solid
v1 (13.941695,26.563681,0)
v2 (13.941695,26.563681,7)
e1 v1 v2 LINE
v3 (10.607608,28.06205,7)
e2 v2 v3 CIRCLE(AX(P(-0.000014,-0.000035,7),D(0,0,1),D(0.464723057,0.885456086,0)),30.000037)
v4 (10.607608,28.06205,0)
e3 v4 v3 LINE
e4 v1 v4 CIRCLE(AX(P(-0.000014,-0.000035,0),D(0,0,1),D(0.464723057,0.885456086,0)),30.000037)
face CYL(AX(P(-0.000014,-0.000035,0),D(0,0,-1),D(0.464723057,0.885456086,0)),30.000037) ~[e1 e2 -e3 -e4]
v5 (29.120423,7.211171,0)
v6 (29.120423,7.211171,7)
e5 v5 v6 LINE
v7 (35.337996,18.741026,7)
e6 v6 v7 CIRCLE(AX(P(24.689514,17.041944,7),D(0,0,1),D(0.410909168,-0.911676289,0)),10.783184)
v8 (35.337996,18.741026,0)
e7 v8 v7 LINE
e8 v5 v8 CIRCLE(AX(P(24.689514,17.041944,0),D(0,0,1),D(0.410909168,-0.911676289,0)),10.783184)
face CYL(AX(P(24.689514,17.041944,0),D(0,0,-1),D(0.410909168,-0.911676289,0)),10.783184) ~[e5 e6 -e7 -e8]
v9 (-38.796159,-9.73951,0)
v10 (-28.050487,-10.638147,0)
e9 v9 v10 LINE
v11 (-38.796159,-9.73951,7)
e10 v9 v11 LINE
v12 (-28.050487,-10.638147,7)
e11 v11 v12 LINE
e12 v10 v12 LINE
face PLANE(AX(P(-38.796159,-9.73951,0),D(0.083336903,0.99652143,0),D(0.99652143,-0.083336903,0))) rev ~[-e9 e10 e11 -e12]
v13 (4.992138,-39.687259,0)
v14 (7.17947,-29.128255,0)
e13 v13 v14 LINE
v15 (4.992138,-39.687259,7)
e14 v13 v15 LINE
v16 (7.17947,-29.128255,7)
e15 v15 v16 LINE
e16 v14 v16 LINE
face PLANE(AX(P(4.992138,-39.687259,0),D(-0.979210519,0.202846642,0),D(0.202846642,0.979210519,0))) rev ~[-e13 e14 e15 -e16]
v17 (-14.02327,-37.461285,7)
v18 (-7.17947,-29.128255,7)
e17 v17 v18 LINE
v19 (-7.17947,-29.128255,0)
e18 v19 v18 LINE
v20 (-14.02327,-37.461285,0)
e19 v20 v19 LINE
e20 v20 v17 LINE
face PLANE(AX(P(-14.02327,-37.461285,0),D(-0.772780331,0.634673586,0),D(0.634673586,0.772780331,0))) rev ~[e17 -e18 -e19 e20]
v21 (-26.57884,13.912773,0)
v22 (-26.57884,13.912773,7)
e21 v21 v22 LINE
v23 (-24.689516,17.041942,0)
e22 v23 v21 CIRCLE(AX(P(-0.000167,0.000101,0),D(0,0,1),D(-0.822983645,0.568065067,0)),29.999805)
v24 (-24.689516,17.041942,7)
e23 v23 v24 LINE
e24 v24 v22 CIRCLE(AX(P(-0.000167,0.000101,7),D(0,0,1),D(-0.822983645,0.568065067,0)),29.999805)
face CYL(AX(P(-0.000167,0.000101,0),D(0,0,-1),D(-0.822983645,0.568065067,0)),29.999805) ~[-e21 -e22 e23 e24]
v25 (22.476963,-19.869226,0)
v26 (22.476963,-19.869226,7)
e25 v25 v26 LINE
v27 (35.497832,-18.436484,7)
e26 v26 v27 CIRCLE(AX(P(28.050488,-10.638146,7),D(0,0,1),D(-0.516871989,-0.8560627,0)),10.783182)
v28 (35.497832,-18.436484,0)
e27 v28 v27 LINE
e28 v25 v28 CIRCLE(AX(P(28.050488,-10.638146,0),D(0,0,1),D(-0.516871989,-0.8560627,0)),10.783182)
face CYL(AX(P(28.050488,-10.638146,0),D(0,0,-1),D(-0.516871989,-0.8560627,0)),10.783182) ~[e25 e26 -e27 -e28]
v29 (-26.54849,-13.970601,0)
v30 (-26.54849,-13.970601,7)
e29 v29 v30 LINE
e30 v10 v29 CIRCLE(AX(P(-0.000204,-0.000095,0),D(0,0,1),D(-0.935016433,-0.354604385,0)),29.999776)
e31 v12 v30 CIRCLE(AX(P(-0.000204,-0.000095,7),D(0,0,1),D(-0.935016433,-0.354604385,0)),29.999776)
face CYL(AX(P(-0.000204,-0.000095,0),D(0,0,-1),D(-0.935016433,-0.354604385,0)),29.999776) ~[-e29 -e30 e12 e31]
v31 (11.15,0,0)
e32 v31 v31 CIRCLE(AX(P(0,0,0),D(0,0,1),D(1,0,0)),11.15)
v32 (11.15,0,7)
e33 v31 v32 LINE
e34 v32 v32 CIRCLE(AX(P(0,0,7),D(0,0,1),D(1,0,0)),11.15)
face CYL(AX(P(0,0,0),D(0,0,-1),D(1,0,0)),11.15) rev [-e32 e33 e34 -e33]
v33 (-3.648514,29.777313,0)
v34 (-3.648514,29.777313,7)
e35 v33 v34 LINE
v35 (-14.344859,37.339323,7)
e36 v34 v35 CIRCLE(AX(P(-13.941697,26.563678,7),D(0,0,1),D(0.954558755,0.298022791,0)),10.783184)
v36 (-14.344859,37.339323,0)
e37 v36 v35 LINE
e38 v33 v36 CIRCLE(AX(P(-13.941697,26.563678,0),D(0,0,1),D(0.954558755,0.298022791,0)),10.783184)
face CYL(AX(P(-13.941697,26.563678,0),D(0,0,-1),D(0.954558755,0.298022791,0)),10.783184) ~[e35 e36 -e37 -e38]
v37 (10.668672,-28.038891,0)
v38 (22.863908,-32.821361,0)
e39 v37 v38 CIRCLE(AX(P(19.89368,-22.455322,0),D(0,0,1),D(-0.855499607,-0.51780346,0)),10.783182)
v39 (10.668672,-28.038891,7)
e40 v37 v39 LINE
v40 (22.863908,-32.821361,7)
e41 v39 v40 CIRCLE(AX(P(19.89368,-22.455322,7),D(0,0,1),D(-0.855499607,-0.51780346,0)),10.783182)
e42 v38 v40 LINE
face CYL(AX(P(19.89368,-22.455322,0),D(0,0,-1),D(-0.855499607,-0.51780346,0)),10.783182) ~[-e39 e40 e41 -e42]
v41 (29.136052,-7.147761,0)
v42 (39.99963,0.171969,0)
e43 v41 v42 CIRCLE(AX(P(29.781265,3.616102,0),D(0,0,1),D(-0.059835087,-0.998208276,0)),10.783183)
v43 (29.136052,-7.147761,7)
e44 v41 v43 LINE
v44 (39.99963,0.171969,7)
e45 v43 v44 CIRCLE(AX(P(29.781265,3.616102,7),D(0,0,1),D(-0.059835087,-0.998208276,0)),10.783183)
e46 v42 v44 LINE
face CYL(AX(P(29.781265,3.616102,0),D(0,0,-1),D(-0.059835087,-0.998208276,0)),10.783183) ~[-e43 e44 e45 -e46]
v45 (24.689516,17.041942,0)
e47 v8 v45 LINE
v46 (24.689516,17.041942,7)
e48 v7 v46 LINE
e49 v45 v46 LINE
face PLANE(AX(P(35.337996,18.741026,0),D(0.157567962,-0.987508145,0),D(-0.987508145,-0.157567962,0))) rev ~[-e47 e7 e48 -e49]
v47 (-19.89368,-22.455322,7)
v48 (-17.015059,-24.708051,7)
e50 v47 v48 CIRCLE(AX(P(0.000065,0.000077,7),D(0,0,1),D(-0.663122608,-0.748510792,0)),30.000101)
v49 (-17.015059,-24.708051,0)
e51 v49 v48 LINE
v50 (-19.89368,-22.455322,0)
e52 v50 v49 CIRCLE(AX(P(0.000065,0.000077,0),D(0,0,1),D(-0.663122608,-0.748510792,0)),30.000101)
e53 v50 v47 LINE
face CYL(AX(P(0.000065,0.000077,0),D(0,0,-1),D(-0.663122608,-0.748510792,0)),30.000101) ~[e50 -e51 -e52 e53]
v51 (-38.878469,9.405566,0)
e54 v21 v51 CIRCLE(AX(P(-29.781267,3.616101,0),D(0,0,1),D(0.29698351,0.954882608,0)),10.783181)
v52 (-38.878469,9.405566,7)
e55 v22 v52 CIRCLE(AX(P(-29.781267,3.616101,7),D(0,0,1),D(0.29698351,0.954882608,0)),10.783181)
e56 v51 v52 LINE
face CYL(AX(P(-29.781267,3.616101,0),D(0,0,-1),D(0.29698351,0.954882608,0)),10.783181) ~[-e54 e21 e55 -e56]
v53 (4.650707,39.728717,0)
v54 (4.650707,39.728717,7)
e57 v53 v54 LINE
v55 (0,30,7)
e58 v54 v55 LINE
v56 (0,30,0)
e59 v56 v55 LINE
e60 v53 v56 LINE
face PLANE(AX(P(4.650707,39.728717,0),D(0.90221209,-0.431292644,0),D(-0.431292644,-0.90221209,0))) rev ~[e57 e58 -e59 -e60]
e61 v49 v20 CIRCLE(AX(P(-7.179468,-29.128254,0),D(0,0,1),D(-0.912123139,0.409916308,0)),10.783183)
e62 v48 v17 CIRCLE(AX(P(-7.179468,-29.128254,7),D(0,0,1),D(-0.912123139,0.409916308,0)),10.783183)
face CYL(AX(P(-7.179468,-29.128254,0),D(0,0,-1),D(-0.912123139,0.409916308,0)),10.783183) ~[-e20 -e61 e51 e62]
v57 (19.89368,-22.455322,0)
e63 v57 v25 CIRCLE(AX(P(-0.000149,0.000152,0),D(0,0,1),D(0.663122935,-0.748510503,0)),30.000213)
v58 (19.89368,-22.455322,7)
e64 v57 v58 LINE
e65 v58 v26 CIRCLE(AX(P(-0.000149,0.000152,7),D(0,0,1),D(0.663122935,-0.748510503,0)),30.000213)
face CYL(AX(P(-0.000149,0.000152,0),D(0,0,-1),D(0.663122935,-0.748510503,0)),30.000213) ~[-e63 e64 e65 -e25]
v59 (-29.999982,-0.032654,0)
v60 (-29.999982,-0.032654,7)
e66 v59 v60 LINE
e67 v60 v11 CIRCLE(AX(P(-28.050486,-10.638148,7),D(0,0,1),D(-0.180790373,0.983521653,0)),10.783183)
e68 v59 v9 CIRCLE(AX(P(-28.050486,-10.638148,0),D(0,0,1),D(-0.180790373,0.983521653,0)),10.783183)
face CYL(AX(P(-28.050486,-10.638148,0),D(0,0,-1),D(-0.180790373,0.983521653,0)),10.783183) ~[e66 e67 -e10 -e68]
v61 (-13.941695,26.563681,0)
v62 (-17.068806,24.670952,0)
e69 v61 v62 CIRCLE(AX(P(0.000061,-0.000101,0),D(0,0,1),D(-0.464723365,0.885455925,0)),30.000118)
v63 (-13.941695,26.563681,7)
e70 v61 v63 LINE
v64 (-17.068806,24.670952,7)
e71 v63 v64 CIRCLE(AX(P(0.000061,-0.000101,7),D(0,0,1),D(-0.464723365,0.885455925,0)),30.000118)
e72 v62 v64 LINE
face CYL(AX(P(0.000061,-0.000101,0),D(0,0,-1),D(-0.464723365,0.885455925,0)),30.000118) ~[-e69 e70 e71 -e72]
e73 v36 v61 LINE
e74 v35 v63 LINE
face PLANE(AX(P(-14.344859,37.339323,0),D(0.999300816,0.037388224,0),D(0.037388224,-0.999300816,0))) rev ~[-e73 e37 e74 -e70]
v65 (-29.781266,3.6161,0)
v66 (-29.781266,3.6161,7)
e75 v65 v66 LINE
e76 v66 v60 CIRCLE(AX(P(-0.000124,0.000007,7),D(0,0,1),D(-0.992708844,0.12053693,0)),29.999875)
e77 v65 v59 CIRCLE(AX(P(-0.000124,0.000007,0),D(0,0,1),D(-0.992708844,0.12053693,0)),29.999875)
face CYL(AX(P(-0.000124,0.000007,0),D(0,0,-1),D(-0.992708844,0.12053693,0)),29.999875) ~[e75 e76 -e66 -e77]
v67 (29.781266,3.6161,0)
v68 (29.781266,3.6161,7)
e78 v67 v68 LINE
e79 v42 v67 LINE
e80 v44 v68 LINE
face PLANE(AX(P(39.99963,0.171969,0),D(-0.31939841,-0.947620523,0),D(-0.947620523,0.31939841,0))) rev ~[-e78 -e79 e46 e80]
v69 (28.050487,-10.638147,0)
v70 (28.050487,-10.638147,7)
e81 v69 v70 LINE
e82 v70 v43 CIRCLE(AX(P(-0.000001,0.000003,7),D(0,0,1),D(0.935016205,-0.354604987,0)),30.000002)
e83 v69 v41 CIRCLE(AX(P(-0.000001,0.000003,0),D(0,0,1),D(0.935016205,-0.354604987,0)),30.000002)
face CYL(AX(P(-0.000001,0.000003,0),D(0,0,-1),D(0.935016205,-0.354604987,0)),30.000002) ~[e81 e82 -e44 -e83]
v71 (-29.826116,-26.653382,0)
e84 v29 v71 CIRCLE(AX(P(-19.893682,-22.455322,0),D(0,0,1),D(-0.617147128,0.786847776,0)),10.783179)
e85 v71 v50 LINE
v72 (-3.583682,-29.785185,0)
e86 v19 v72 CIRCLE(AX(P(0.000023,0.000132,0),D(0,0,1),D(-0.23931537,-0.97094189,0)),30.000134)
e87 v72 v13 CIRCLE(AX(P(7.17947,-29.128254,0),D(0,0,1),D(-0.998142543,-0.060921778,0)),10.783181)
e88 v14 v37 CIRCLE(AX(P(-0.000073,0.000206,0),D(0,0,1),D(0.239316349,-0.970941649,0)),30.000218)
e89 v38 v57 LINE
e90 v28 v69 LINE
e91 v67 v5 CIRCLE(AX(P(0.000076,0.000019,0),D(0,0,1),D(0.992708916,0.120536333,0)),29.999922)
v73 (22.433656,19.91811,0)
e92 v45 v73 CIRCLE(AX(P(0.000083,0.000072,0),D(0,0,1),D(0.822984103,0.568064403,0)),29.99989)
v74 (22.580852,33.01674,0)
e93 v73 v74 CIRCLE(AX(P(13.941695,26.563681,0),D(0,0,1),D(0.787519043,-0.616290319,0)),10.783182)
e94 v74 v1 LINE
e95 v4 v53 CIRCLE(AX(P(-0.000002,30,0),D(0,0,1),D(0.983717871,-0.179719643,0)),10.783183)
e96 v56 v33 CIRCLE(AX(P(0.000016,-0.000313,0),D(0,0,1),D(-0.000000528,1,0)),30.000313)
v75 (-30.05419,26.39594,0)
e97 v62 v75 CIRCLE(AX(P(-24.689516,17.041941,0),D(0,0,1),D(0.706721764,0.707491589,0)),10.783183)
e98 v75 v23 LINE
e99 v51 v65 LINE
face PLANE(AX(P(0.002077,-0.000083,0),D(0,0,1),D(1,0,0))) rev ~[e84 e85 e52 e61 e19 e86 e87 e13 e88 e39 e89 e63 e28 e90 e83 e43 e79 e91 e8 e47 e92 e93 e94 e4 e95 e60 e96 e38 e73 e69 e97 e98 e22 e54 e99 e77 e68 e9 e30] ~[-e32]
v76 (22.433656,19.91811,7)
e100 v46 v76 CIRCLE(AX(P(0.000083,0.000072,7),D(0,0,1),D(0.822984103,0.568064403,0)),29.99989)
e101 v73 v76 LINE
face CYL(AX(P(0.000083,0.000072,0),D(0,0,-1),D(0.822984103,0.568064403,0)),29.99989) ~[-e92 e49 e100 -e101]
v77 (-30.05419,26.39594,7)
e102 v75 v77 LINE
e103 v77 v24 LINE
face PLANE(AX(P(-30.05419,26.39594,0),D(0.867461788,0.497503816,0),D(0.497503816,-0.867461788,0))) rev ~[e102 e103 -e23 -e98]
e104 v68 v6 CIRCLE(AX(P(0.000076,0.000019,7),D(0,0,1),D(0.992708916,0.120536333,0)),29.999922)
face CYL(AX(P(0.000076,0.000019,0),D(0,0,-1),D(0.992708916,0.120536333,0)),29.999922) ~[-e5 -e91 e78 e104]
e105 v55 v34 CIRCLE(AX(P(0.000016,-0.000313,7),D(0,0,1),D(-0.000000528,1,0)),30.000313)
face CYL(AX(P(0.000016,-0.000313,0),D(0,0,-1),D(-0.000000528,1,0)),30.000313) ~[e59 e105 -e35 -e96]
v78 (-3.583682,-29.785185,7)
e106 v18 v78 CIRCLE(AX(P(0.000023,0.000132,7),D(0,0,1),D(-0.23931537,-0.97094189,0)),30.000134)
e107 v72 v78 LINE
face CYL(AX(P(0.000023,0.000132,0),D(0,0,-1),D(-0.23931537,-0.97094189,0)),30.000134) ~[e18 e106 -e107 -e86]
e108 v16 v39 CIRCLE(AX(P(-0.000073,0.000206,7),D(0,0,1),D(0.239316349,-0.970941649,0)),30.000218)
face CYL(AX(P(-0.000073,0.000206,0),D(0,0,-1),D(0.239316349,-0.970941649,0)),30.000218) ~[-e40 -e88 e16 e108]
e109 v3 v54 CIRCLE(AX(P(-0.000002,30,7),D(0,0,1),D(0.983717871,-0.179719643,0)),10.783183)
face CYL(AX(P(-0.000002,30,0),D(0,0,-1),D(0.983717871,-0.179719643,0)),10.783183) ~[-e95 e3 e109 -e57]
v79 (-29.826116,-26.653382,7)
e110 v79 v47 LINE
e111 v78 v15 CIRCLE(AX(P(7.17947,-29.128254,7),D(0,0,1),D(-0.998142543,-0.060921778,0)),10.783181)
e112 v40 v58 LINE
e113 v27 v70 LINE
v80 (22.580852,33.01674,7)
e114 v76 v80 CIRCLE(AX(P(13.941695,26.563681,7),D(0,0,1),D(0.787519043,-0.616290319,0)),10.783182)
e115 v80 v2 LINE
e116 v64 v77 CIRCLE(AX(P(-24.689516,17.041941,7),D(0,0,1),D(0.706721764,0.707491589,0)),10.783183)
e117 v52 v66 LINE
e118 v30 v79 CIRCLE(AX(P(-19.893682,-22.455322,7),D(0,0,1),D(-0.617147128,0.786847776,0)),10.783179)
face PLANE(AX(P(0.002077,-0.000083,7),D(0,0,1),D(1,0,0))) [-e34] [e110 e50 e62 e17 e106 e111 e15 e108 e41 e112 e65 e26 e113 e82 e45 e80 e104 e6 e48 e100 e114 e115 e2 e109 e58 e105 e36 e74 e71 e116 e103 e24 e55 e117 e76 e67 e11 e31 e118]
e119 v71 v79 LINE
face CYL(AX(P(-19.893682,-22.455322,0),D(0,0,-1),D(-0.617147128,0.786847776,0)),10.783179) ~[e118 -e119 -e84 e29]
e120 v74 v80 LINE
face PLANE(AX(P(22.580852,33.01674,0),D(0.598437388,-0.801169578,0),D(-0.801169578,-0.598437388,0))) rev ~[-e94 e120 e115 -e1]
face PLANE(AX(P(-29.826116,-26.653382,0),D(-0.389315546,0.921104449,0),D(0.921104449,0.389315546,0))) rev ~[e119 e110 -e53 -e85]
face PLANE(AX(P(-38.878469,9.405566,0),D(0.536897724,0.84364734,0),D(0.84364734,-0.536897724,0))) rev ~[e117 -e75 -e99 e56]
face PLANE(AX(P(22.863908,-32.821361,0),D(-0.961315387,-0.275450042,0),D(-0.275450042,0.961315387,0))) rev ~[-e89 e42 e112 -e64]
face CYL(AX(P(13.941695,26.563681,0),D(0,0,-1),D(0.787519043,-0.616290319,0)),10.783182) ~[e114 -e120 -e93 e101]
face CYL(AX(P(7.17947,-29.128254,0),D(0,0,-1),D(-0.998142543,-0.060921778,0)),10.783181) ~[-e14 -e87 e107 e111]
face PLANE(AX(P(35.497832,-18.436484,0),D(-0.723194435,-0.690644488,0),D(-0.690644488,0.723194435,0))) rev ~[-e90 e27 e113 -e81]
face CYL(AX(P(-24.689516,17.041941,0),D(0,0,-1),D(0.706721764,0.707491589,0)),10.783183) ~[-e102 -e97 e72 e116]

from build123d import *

# Parameters (mm, degrees)
F0_R     = 11.15
F1_DEPTH = 7


with BuildPart() as f1:
    # F0 (on Top) → F1 (new body)
    with BuildSketch(Plane.XY):
        with BuildLine():
            ThreePointArc((29.136052, -7.147761), (29.78323, -3.599892), (30, 0))
            ThreePointArc((30, 0), (29.945267, 1.811355), (29.781266, 3.6161))
            ThreePointArc((29.781266, 3.6161), (29.50565, 5.42371), (29.120423, 7.211171))
            ThreePointArc((29.120423, 7.211171), (27.350291, 12.327271), (24.689516, 17.041942))
            ThreePointArc((24.689516, 17.041942), (23.605432, 18.514416), (22.433656, 19.91811))
            ThreePointArc((22.433656, 19.91811), (18.488711, 23.62557), (13.941695, 26.563681))
            ThreePointArc((13.941695, 26.563681), (12.297494, 27.363692), (10.607608, 28.06205))
            ThreePointArc((10.607608, 28.06205), (5.391591, 29.511536), (0, 30))
            ThreePointArc((0, 30), (-1.827652, 29.944276), (-3.648514, 29.777313))
            ThreePointArc((-3.648514, 29.777313), (-8.940678, 28.636764), (-13.941695, 26.563681))
            ThreePointArc((-13.941695, 26.563681), (-15.534104, 25.664988), (-17.068806, 24.670952))
            ThreePointArc((-17.068806, 24.670952), (-21.224745, 21.201655), (-24.689516, 17.041942))
            ThreePointArc((-24.689516, 17.041942), (-25.681881, 15.50616), (-26.57884, 13.912773))
            ThreePointArc((-26.57884, 13.912773), (-28.646479, 8.909503), (-29.781266, 3.6161))
            ThreePointArc((-29.781266, 3.6161), (-29.946248, 1.795057), (-29.999982, -0.032654))
            ThreePointArc((-29.999982, -0.032654), (-29.50565, -5.42371), (-28.050487, -10.638147))
            ThreePointArc((-28.050487, -10.638147), (-27.350291, -12.327271), (-26.54849, -13.970601))
            ThreePointArc((-26.54849, -13.970601), (-23.605432, -18.514416), (-19.89368, -22.455322))
            ThreePointArc((-19.89368, -22.455322), (-18.488711, -23.62557), (-17.015059, -24.708051))
            ThreePointArc((-17.015059, -24.708051), (-12.297494, -27.363692), (-7.17947, -29.128255))
            ThreePointArc((-7.17947, -29.128255), (-5.391591, -29.511536), (-3.583682, -29.785185))
            ThreePointArc((-3.583682, -29.785185), (1.827652, -29.944276), (7.17947, -29.128255))
            ThreePointArc((7.17947, -29.128255), (8.940678, -28.636764), (10.668672, -28.038891))
            ThreePointArc((10.668672, -28.038891), (15.534104, -25.664988), (19.89368, -22.455322))
            ThreePointArc((19.89368, -22.455322), (21.224745, -21.201655), (22.476963, -19.869226))
            ThreePointArc((22.476963, -19.869226), (25.681881, -15.50616), (28.050487, -10.638147))
            ThreePointArc((28.050487, -10.638147), (28.646479, -8.909503), (29.136052, -7.147761))
        make_face()
        Circle(F0_R, mode=Mode.SUBTRACT)
        with BuildLine():
            ThreePointArc((29.781266, 3.6161), (29.945267, 1.811355), (30, 0))
            ThreePointArc((30, 0), (29.78323, -3.599892), (29.136052, -7.147761))
            ThreePointArc((29.136052, -7.147761), (35.806705, -5.326555), (39.99963, 0.171969))
            Line((39.99963, 0.171969), (29.781266, 3.6161))
        make_face()
        with BuildLine():
            ThreePointArc((24.689516, 17.041942), (27.350291, 12.327271), (29.120423, 7.211171))
            ThreePointArc((29.120423, 7.211171), (34.180636, 11.923775), (35.337996, 18.741026))
            Line((35.337996, 18.741026), (24.689516, 17.041942))
        make_face()
        with BuildLine():
            Line((35.497832, -18.436484), (28.050487, -10.638147))
            ThreePointArc((28.050487, -10.638147), (25.681881, -15.50616), (22.476963, -19.869226))
            ThreePointArc((22.476963, -19.869226), (29.229889, -21.356636), (35.497832, -18.436484))
        make_face()
        with BuildLine():
            ThreePointArc((13.941695, 26.563681), (18.488711, 23.62557), (22.433656, 19.91811))
            ThreePointArc((22.433656, 19.91811), (24.724196, 26.442512), (22.580852, 33.01674))
            Line((22.580852, 33.01674), (13.941695, 26.563681))
        make_face()
        with BuildLine():
            Line((22.863908, -32.821361), (19.89368, -22.455322))
            ThreePointArc((19.89368, -22.455322), (15.534104, -25.664988), (10.668672, -28.038891))
            ThreePointArc((10.668672, -28.038891), (15.956858, -32.494169), (22.863908, -32.821361))
        make_face()
        with BuildLine():
            ThreePointArc((0, 30), (5.391591, 29.511536), (10.607608, 28.06205))
            ThreePointArc((10.607608, 28.06205), (9.60374, 34.903588), (4.650707, 39.728717))
            Line((4.650707, 39.728717), (0, 30))
        make_face()
        with BuildLine():
            Line((4.992138, -39.687259), (7.17947, -29.128255))
            ThreePointArc((7.17947, -29.128255), (1.827652, -29.944276), (-3.583682, -29.785185))
            ThreePointArc((-3.583682, -29.785185), (-0.971697, -36.187679), (4.992138, -39.687259))
        make_face()
        with BuildLine():
            ThreePointArc((-13.941695, 26.563681), (-8.940678, 28.636764), (-3.648514, 29.777313))
            ThreePointArc((-3.648514, 29.777313), (-7.716817, 35.368673), (-14.344859, 37.339323))
            Line((-14.344859, 37.339323), (-13.941695, 26.563681))
        make_face()
        with BuildLine():
            Line((-14.02327, -37.461285), (-7.17947, -29.128255))
            ThreePointArc((-7.17947, -29.128255), (-12.297494, -27.363692), (-17.015059, -24.708051))
            ThreePointArc((-17.015059, -24.708051), (-17.677648, -31.591028), (-14.02327, -37.461285))
        make_face()
        with BuildLine():
            ThreePointArc((-24.689516, 17.041942), (-21.224745, 21.201655), (-17.068806, 24.670952))
            ThreePointArc((-17.068806, 24.670952), (-23.269544, 27.731221), (-30.05419, 26.39594))
            Line((-30.05419, 26.39594), (-24.689516, 17.041942))
        make_face()
        with BuildLine():
            Line((-29.826116, -26.653382), (-19.89368, -22.455322))
            ThreePointArc((-19.89368, -22.455322), (-23.605432, -18.514416), (-26.54849, -13.970601))
            ThreePointArc((-26.54849, -13.970601), (-30.333863, -19.757253), (-29.826116, -26.653382))
        make_face()
        with BuildLine():
            ThreePointArc((-29.781266, 3.6161), (-28.646479, 8.909503), (-26.57884, 13.912773))
            ThreePointArc((-26.57884, 13.912773), (-33.491499, 13.740881), (-38.878469, 9.405566))
            Line((-38.878469, 9.405566), (-29.781266, 3.6161))
        make_face()
        with BuildLine():
            Line((-38.796159, -9.73951), (-28.050487, -10.638147))
            ThreePointArc((-28.050487, -10.638147), (-29.50565, -5.42371), (-29.999982, -0.032654))
            ThreePointArc((-29.999982, -0.032654), (-36.040955, -3.39733), (-38.796159, -9.73951))
        make_face()
    extrude(amount=F1_DEPTH)


solid = f1.part
